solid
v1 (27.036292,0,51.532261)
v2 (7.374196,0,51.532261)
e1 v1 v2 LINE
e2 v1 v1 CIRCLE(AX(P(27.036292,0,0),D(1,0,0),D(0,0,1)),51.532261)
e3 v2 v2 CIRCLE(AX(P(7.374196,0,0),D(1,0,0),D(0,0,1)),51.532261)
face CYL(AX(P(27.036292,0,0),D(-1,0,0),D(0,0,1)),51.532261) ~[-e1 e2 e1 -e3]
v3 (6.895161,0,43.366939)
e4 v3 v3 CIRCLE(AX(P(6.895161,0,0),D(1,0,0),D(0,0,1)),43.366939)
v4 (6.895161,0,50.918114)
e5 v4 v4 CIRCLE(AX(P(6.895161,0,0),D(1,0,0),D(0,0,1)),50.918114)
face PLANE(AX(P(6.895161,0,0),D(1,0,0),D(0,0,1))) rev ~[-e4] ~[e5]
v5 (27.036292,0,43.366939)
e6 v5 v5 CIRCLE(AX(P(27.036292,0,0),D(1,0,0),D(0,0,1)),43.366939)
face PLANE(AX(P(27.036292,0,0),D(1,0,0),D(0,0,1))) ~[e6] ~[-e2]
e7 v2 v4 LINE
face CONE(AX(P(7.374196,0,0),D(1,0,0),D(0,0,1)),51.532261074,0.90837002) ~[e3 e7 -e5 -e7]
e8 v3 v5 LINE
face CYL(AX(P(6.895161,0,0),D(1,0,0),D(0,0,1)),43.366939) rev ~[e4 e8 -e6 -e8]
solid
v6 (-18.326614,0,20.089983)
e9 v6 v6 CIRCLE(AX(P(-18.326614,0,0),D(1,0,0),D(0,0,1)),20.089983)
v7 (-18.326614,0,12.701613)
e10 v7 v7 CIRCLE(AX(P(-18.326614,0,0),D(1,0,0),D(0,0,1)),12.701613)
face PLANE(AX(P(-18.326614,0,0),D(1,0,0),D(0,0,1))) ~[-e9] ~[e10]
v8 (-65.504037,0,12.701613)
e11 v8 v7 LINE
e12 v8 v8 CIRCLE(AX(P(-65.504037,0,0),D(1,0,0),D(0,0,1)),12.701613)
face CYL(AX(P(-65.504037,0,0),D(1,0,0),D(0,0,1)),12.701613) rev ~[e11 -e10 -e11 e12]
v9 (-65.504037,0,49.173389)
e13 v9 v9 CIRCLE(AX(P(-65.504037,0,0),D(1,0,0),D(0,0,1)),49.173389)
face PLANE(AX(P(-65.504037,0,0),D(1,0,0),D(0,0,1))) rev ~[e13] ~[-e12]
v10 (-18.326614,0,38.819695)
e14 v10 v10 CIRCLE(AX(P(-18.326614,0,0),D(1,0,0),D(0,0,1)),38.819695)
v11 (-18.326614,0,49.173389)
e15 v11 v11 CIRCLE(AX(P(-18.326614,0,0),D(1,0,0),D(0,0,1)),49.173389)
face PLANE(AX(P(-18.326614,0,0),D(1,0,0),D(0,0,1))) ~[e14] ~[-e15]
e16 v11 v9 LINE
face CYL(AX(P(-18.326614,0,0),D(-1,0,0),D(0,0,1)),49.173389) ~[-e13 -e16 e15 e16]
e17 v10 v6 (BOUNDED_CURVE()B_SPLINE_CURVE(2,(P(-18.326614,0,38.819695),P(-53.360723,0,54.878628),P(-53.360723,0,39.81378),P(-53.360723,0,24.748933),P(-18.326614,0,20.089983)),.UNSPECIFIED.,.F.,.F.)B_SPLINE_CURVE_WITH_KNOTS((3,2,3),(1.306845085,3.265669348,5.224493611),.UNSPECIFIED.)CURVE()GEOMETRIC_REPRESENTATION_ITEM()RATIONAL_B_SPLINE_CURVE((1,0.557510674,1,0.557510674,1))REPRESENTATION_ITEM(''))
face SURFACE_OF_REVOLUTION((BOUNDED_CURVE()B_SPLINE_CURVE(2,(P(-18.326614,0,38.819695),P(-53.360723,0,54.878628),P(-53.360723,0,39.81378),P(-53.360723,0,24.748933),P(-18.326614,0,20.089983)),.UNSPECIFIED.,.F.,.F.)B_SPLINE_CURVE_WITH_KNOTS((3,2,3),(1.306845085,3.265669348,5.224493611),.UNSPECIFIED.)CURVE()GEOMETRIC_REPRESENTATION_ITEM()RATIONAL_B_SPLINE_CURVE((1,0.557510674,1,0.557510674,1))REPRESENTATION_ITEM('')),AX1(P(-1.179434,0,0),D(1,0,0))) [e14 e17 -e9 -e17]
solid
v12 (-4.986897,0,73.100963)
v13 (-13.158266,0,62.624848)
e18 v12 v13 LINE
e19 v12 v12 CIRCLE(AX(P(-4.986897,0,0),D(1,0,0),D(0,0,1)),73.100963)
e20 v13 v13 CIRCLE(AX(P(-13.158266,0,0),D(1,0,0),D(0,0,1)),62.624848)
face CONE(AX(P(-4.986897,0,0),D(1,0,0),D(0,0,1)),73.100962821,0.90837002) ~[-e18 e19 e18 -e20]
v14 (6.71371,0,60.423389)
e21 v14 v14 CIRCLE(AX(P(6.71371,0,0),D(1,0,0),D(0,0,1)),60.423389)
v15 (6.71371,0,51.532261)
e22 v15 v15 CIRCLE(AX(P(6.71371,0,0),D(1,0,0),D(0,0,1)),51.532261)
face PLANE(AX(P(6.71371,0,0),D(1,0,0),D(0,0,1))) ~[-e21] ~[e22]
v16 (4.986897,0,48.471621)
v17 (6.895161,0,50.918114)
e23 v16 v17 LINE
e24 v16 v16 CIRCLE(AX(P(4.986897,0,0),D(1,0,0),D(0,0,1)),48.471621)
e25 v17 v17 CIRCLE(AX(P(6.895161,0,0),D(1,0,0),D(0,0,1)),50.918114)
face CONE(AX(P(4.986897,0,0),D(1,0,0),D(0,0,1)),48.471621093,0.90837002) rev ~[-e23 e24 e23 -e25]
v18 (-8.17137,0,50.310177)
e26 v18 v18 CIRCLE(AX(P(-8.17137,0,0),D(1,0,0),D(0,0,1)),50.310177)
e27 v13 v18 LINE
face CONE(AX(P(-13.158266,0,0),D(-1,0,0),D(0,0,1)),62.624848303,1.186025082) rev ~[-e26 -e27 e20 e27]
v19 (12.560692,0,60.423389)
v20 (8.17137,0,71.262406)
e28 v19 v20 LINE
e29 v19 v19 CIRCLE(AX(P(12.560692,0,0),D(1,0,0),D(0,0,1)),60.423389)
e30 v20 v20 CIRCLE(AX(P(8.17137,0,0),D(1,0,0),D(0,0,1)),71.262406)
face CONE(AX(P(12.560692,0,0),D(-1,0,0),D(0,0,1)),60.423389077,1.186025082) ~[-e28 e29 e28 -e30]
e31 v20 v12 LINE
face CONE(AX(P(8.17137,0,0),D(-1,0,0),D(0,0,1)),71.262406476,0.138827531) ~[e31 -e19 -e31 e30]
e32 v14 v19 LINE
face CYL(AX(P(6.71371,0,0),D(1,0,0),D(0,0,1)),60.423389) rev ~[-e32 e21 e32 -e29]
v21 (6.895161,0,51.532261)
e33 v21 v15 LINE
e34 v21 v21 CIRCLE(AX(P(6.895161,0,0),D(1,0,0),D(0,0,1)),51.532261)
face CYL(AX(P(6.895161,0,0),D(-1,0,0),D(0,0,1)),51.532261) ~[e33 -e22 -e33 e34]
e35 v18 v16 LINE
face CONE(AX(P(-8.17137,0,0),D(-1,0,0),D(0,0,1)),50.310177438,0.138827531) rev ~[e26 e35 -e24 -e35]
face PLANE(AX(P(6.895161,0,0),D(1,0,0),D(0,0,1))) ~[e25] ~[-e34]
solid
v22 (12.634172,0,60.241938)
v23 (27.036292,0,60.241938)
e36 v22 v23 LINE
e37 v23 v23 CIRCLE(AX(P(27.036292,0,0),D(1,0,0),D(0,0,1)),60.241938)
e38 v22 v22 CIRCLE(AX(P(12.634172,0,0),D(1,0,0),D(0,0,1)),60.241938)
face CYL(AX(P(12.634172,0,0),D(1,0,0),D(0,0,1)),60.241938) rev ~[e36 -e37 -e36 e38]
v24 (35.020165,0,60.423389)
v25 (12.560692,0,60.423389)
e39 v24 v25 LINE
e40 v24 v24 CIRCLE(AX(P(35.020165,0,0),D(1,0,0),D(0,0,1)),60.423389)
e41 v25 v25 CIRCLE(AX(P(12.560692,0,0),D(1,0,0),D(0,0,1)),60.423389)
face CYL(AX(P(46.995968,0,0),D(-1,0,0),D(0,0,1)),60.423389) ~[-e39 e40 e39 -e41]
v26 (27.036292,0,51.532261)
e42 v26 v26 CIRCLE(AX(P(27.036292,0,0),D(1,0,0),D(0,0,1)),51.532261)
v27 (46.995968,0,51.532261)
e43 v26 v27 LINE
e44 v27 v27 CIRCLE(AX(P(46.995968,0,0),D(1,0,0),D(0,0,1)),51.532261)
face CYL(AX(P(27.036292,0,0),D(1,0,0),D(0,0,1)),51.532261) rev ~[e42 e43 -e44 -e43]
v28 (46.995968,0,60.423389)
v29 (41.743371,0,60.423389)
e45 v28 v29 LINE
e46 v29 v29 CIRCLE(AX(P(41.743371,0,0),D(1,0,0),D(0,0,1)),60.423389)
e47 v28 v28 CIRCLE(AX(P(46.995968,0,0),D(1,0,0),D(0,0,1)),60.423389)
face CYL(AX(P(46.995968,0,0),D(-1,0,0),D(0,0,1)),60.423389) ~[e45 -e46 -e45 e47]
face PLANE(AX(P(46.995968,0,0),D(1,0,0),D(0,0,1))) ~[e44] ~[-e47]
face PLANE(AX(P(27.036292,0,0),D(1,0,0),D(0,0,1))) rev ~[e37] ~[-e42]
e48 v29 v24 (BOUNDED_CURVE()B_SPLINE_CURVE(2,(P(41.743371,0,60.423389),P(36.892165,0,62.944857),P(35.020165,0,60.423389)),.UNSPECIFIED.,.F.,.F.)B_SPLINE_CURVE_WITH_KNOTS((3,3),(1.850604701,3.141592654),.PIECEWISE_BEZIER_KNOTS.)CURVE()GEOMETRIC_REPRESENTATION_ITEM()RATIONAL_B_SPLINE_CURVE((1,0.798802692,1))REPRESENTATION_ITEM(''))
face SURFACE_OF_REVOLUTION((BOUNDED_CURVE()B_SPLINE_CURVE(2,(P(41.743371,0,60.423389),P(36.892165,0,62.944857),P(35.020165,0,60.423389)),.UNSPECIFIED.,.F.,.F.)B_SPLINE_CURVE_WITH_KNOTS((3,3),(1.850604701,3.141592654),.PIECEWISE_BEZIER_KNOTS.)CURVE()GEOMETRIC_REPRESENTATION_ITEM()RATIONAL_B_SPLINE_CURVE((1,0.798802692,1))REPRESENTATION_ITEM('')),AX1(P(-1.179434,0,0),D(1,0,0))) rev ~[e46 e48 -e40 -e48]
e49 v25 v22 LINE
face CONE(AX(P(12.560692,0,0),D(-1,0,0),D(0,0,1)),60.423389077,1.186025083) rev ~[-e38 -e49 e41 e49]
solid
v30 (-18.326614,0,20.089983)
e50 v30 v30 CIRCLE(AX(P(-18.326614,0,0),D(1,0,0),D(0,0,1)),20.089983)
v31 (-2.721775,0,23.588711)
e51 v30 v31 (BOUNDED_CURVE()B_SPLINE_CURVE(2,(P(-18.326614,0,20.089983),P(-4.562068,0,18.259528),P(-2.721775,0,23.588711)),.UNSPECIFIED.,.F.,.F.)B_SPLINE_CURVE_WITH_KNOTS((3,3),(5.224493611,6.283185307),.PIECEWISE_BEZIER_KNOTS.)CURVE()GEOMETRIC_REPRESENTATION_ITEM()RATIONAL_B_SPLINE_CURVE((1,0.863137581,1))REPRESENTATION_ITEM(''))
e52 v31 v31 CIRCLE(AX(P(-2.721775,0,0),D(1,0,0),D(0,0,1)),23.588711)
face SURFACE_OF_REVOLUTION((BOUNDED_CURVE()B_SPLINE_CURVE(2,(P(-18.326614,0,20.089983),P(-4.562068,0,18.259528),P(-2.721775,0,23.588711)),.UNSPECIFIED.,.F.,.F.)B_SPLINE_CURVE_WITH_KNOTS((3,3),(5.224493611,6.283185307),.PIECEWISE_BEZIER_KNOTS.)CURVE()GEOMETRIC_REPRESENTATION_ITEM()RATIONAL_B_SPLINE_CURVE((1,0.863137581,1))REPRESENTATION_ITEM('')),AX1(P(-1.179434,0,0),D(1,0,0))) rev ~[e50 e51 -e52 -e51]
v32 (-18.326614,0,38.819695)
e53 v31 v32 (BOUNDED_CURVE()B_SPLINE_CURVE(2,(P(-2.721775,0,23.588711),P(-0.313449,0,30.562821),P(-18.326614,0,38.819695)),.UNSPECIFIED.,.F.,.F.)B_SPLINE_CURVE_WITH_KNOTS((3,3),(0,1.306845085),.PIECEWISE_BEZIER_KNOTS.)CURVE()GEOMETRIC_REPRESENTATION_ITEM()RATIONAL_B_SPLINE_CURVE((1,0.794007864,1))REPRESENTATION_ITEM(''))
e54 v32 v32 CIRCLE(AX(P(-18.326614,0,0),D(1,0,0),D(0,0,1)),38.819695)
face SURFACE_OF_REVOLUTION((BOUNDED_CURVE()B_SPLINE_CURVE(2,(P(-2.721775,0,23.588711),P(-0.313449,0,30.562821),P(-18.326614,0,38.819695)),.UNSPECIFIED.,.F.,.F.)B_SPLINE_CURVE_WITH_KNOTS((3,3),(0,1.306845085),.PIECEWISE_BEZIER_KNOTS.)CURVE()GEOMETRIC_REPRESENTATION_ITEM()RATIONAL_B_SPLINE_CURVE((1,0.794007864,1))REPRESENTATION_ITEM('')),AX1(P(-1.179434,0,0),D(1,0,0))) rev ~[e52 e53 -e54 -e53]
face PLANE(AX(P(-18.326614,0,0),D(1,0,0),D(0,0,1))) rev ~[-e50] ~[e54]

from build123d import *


with BuildPart() as f1:
    # F0 (on Front) → F1 (revolve)
    with BuildSketch(Plane.XZ):
        with BuildLine():
            Line((-18.3266140521, 49.1733886302), (-65.5040368438, 49.1733886302))
            Line((-65.5040368438, 49.1733886302), (-65.5040368438, 12.7016128972))
            Line((-65.5040368438, 12.7016128972), (-18.3266140521, 12.7016128972))
            Line((-18.3266140521, 12.7016128972), (-18.3266140521, 20.0899827203))
            add(Edge.make_bspline(
                [(-18.3266140521, 38.8196949347), (-53.3607228796, 54.8786279871), (-53.3607228796, 39.8137804783), (-53.3607228796, 24.7489329695), (-18.3266140521, 20.0899827203)],
                knots=[1.306845085, 1.306845085, 1.306845085, 3.2656693478, 3.2656693478, 5.2244936107, 5.2244936107, 5.2244936107], degree=2, weights=[1, 0.5575106738, 1, 0.5575106738, 1]))
            Line((-18.3266140521, 38.8196949347), (-18.3266140521, 49.1733886302))
        make_face()
    revolve(axis=Axis((-1.1794343591, 0, 0), (1, 0, 0)))


with BuildPart() as f1b:
    # F0 (on Front) → F1, piece 2 (revolve)
    with BuildSketch(Plane.XZ):
        Polygon((4.9868965363, 48.4716210926), (6.8951612338, 50.9181142302), (6.8951612338, 51.5322610736), (6.713709794, 51.5322610736), (6.713709794, 60.4233890772), (12.5606917486, 60.4233890772), (8.1713695396, 71.2624064755), (-4.9868965363, 73.1009628212), (-13.1582660759, 62.6248483026), (-8.1713695396, 50.3101774383), align=None)
    revolve(axis=Axis((-1.1794343591, 0, 0), (1, 0, 0)))


with BuildPart() as f1c:
    # F0 (on Front) → F1, piece 3 (revolve)
    with BuildSketch(Plane.XZ):
        Polygon((27.0362924784, 51.5322610736), (7.3741957843, 51.5322610736), (6.8951612338, 50.9181142302), (6.8951612338, 43.3669388294), (27.0362924784, 43.3669388294), align=None)
    revolve(axis=Axis((-1.1794343591, 0, 0), (1, 0, 0)))


with BuildPart() as f1d:
    # F0 (on Front) → F1, piece 4 (revolve)
    with BuildSketch(Plane.XZ):
        with BuildLine():
            add(Edge.make_bspline(
                [(35.0201651454, 60.4233890772), (31.7196699468, 55.9778250754), (40.2727613816, 51.5322610736)],
                knots=[3.1415926536, 3.1415926536, 3.1415926536, 4.9921973544, 4.9921973544, 4.9921973544], degree=2, weights=[1, 0.6015931016, 1]))
            Line((40.2727613816, 51.5322610736), (46.9959676266, 51.5322610736))
            Line((46.9959676266, 51.5322610736), (46.9959676266, 55.210229077))
            add(Edge.make_bspline(
                [(46.9959676266, 55.210229077), (45.5334424691, 58.4534576576), (41.7433713904, 60.4233890772)],
                knots=[0.7869355084, 0.7869355084, 0.7869355084, 1.8506047008, 1.8506047008, 1.8506047008], degree=2, weights=[1, 0.8618781695, 1]))
            Line((41.7433713904, 60.4233890772), (35.0201651454, 60.4233890772))
        make_face()
        with BuildLine():
            Line((12.5606917486, 60.4233890772), (12.6341715489, 60.2419376373))
            Line((12.6341715489, 60.2419376373), (27.0362924784, 60.2419376373))
            Line((27.0362924784, 60.2419376373), (27.0362924784, 51.5322610736))
            Line((27.0362924784, 51.5322610736), (40.2727613816, 51.5322610736))
            add(Edge.make_bspline(
                [(35.0201651454, 60.4233890772), (31.7196699468, 55.9778250754), (40.2727613816, 51.5322610736)],
                knots=[3.1415926536, 3.1415926536, 3.1415926536, 4.9921973544, 4.9921973544, 4.9921973544], degree=2, weights=[1, 0.6015931016, 1]))
            Line((35.0201651454, 60.4233890772), (12.5606917486, 60.4233890772))
        make_face()
        with BuildLine():
            Line((46.9959676266, 60.4233890772), (41.7433713904, 60.4233890772))
            add(Edge.make_bspline(
                [(46.9959676266, 55.210229077), (45.5334424691, 58.4534576576), (41.7433713904, 60.4233890772)],
                knots=[0.7869355084, 0.7869355084, 0.7869355084, 1.8506047008, 1.8506047008, 1.8506047008], degree=2, weights=[1, 0.8618781695, 1]))
            Line((46.9959676266, 55.210229077), (46.9959676266, 60.4233890772))
        make_face()
        with BuildLine():
            add(Edge.make_bspline(
                [(41.7433713904, 60.4233890772), (36.8921647871, 62.9448574381), (35.0201651454, 60.4233890772)],
                knots=[1.8506047008, 1.8506047008, 1.8506047008, 3.1415926536, 3.1415926536, 3.1415926536], degree=2, weights=[1, 0.7988026916, 1]))
            Line((35.0201651454, 60.4233890772), (41.7433713904, 60.4233890772))
        make_face()
    revolve(axis=Axis((-1.1794343591, 0, 0), (1, 0, 0)))


with BuildPart() as f1e:
    # F0 (on Front) → F1, piece 5 (revolve)
    with BuildSketch(Plane.XZ):
        with BuildLine():
            add(Edge.make_bspline(
                [(-2.7217746247, 23.5887113959), (-0.3134487644, 30.562821131), (-18.3266140521, 38.8196949347)],
                knots=[0, 0, 0, 1.306845085, 1.306845085, 1.306845085], degree=2, weights=[1, 0.7940078638, 1]))
            Line((-18.3266140521, 38.8196949347), (-18.3266140521, 20.0899827203))
            add(Edge.make_bspline(
                [(-18.3266140521, 20.0899827203), (-4.5620681697, 18.2595284397), (-2.7217746247, 23.5887113959)],
                knots=[5.2244936107, 5.2244936107, 5.2244936107, 6.2831853072, 6.2831853072, 6.2831853072], degree=2, weights=[1, 0.8631375814, 1]))
        make_face()
    revolve(axis=Axis((-1.1794343591, 0, 0), (1, 0, 0)))


solid = Compound([f1.part, f1b.part, f1c.part, f1d.part, f1e.part])
